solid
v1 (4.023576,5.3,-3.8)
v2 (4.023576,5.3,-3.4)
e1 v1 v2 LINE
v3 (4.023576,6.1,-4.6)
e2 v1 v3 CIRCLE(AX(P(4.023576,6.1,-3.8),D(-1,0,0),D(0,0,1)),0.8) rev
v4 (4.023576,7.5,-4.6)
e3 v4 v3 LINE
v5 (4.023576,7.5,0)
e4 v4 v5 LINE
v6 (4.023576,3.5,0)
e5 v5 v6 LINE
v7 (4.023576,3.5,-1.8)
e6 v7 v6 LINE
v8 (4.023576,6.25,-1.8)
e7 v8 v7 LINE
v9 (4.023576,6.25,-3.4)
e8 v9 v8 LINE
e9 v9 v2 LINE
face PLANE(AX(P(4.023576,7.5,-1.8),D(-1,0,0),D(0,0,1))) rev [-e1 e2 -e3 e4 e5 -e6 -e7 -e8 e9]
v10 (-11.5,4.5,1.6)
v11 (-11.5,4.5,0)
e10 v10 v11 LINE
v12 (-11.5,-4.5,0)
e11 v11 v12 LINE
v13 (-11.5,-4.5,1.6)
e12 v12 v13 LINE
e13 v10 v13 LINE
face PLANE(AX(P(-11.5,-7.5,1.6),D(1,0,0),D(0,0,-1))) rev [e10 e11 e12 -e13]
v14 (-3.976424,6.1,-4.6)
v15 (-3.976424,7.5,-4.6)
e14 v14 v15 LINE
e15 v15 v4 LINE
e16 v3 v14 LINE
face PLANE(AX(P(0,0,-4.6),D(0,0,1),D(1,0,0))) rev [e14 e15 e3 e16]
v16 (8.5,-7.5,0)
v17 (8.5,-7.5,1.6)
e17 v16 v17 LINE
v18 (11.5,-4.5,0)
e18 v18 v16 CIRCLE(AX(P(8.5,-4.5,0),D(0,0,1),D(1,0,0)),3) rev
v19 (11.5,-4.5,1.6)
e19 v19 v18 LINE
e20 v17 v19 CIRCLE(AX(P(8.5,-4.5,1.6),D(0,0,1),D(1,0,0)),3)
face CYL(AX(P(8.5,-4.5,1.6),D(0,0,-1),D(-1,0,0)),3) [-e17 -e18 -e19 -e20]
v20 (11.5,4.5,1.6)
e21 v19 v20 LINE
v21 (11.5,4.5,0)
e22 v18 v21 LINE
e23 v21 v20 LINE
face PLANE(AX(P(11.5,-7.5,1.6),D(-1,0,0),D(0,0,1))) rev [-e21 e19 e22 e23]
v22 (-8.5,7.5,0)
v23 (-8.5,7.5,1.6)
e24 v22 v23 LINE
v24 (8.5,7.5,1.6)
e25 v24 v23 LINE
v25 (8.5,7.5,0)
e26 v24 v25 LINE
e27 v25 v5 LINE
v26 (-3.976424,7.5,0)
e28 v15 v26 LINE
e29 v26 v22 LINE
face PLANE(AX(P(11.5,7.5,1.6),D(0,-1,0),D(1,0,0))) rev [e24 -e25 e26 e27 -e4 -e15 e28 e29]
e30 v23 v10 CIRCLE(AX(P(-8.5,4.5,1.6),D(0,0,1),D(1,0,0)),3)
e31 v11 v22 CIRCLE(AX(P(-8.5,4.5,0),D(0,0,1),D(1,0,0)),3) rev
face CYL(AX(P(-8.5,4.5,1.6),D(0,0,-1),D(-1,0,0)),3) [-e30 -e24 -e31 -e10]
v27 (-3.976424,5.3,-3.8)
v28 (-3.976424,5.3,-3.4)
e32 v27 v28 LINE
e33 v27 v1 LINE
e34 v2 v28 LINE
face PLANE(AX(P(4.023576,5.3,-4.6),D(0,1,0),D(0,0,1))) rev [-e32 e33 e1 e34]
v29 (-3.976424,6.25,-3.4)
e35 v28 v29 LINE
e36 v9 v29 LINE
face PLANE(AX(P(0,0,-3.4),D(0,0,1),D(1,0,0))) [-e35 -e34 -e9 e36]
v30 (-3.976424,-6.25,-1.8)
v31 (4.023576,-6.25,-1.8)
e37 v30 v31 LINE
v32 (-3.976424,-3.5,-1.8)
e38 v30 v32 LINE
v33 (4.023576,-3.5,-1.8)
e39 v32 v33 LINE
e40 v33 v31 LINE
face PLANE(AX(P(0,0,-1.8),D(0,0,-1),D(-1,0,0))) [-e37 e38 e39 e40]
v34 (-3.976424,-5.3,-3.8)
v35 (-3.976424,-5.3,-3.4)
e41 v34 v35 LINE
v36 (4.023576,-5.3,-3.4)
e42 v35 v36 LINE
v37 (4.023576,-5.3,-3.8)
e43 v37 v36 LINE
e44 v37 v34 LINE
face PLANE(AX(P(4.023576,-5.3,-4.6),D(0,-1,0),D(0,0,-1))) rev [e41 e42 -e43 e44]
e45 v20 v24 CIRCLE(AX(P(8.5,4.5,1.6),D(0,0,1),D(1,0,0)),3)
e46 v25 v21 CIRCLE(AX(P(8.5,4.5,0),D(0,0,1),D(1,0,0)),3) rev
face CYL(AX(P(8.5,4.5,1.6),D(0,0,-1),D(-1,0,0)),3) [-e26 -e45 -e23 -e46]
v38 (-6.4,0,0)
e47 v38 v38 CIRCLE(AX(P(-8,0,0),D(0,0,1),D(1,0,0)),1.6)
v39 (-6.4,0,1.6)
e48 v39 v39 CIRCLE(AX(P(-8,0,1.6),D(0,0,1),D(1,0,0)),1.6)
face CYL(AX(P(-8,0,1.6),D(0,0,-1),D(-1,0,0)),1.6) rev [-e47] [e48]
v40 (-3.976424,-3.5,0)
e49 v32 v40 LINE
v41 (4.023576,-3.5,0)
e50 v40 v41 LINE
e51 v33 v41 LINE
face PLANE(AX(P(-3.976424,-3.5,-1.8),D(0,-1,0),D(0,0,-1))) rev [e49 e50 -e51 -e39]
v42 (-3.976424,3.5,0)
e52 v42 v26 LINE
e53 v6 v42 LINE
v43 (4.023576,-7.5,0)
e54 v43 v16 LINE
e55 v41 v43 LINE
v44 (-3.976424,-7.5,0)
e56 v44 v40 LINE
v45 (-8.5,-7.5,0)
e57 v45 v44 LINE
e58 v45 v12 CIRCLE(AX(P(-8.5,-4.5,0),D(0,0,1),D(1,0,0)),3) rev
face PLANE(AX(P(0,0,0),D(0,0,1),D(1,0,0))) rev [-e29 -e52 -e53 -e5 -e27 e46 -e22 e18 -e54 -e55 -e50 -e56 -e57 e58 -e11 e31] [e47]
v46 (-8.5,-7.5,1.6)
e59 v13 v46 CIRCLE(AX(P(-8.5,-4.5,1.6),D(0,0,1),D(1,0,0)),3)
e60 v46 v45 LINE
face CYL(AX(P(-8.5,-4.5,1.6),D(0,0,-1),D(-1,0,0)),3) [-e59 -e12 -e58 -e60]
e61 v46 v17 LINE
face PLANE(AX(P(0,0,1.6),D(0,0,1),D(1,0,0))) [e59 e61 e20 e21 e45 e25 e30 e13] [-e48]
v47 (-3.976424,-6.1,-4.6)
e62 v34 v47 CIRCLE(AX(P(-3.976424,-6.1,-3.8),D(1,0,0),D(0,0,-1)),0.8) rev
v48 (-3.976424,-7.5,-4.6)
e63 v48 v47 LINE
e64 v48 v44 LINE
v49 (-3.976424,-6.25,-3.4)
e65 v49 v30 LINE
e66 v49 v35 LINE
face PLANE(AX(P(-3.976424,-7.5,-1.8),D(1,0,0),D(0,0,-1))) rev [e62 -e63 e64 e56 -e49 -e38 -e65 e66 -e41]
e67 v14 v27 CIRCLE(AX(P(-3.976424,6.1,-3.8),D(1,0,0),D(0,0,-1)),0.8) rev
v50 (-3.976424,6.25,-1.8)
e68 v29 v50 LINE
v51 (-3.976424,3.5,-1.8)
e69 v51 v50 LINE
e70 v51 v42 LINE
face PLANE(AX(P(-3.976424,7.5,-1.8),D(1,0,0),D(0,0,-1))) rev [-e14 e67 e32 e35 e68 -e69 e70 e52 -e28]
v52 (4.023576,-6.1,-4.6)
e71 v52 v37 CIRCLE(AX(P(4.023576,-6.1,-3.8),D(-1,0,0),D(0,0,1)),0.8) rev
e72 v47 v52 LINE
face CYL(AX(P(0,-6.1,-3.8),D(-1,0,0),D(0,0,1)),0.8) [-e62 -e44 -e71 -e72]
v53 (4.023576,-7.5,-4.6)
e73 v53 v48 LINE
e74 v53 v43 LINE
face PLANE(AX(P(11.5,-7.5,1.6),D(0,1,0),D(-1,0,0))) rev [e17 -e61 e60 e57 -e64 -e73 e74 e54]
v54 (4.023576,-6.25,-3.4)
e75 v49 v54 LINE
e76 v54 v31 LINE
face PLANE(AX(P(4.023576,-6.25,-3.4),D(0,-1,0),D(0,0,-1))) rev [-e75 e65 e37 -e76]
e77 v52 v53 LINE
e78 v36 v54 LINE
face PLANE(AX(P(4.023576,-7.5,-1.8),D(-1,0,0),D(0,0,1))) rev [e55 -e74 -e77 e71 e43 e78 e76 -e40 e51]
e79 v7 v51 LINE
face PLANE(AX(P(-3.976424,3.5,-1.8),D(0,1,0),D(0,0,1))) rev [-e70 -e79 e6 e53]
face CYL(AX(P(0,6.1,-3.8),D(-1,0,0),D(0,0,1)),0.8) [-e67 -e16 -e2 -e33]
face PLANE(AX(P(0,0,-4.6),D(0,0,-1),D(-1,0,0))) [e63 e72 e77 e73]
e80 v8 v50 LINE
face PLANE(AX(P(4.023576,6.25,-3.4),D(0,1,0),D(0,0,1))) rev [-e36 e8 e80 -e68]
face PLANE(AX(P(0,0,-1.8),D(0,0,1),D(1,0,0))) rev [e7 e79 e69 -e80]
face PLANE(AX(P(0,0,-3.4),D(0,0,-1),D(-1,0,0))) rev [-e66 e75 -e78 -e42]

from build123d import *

# Parameters (mm, degrees)
SKETCH_1_W      = 23
SKETCH_1_H      = 15
SKETCH_1_R      = 1.6
EXTRUDE_1_DEPTH = 1.6
SKETCH_2_W      = 8
SKETCH_2_H      = 4
EXTRUDE_2_DEPTH = 1.8
SKETCH_4_W      = 8
SKETCH_4_H      = 1.25
EXTRUDE_3_DEPTH = 1.6
SKETCH_5_W      = 8
SKETCH_5_H      = 2.2
EXTRUDE_4_DEPTH = 1.2
FILLET_1_R      = 0.8
FILLET_2_R      = 3


with BuildPart() as part:
    # 草图1 → 凸台-拉伸1 (new body)
    with BuildSketch(Plane.XY):
        Rectangle(SKETCH_1_W, SKETCH_1_H)
        with Locations((-8, 0)):
            Circle(SKETCH_1_R, mode=Mode.SUBTRACT)
    extrude(amount=EXTRUDE_1_DEPTH)

    # 草图2 → 凸台-拉伸2 (add)
    with BuildSketch(Plane(origin=(0, 0, 0), x_dir=(-1, 0, 0), z_dir=(0, 0, -1))):
        with Locations((-0.023575702, 5.5)):
            Rectangle(SKETCH_2_W, SKETCH_2_H)
        with Locations((-0.023575702, -5.5)):
            Rectangle(SKETCH_2_W, SKETCH_2_H)
    extrude(amount=EXTRUDE_2_DEPTH)

    # 草图4 → 凸台-拉伸3 (add)
    with BuildSketch(Plane(origin=(0, 0, -1.8), x_dir=(-1, 0, 0), z_dir=(0, 0, -1))):
        with Locations((-0.023575702, 6.875)):
            Rectangle(SKETCH_4_W, SKETCH_4_H)
        with Locations((-0.023575702, -6.875)):
            Rectangle(SKETCH_4_W, SKETCH_4_H)
    extrude(amount=EXTRUDE_3_DEPTH)

    # 草图5 → 凸台-拉伸4 (add)
    with BuildSketch(Plane(origin=(0, 0, -3.4), x_dir=(-1, 0, 0), z_dir=(0, 0, -1))):
        with Locations((-0.023575702, 6.4)):
            Rectangle(SKETCH_5_W, SKETCH_5_H)
        with Locations((-0.023575702, -6.4)):
            Rectangle(SKETCH_5_W, SKETCH_5_H)
    extrude(amount=EXTRUDE_4_DEPTH)

    # 圆角1
    fillet_1_edges = [part.edges().sort_by_distance(p)[0] for p in [
        (0.023575702, 5.3, -4.6),
        (0.023575702, -5.3, -4.6),
    ]]
    fillet(fillet_1_edges, radius=FILLET_1_R)

    # 圆角2
    fillet_2_edges = [part.edges().sort_by_distance(p)[0] for p in [
        (-11.5, 7.5, 0.8),
        (11.5, 7.5, 0.8),
        (11.5, -7.5, 0.8),
        (-11.5, -7.5, 0.8),
    ]]
    fillet(fillet_2_edges, radius=FILLET_2_R)


solid = part.part
